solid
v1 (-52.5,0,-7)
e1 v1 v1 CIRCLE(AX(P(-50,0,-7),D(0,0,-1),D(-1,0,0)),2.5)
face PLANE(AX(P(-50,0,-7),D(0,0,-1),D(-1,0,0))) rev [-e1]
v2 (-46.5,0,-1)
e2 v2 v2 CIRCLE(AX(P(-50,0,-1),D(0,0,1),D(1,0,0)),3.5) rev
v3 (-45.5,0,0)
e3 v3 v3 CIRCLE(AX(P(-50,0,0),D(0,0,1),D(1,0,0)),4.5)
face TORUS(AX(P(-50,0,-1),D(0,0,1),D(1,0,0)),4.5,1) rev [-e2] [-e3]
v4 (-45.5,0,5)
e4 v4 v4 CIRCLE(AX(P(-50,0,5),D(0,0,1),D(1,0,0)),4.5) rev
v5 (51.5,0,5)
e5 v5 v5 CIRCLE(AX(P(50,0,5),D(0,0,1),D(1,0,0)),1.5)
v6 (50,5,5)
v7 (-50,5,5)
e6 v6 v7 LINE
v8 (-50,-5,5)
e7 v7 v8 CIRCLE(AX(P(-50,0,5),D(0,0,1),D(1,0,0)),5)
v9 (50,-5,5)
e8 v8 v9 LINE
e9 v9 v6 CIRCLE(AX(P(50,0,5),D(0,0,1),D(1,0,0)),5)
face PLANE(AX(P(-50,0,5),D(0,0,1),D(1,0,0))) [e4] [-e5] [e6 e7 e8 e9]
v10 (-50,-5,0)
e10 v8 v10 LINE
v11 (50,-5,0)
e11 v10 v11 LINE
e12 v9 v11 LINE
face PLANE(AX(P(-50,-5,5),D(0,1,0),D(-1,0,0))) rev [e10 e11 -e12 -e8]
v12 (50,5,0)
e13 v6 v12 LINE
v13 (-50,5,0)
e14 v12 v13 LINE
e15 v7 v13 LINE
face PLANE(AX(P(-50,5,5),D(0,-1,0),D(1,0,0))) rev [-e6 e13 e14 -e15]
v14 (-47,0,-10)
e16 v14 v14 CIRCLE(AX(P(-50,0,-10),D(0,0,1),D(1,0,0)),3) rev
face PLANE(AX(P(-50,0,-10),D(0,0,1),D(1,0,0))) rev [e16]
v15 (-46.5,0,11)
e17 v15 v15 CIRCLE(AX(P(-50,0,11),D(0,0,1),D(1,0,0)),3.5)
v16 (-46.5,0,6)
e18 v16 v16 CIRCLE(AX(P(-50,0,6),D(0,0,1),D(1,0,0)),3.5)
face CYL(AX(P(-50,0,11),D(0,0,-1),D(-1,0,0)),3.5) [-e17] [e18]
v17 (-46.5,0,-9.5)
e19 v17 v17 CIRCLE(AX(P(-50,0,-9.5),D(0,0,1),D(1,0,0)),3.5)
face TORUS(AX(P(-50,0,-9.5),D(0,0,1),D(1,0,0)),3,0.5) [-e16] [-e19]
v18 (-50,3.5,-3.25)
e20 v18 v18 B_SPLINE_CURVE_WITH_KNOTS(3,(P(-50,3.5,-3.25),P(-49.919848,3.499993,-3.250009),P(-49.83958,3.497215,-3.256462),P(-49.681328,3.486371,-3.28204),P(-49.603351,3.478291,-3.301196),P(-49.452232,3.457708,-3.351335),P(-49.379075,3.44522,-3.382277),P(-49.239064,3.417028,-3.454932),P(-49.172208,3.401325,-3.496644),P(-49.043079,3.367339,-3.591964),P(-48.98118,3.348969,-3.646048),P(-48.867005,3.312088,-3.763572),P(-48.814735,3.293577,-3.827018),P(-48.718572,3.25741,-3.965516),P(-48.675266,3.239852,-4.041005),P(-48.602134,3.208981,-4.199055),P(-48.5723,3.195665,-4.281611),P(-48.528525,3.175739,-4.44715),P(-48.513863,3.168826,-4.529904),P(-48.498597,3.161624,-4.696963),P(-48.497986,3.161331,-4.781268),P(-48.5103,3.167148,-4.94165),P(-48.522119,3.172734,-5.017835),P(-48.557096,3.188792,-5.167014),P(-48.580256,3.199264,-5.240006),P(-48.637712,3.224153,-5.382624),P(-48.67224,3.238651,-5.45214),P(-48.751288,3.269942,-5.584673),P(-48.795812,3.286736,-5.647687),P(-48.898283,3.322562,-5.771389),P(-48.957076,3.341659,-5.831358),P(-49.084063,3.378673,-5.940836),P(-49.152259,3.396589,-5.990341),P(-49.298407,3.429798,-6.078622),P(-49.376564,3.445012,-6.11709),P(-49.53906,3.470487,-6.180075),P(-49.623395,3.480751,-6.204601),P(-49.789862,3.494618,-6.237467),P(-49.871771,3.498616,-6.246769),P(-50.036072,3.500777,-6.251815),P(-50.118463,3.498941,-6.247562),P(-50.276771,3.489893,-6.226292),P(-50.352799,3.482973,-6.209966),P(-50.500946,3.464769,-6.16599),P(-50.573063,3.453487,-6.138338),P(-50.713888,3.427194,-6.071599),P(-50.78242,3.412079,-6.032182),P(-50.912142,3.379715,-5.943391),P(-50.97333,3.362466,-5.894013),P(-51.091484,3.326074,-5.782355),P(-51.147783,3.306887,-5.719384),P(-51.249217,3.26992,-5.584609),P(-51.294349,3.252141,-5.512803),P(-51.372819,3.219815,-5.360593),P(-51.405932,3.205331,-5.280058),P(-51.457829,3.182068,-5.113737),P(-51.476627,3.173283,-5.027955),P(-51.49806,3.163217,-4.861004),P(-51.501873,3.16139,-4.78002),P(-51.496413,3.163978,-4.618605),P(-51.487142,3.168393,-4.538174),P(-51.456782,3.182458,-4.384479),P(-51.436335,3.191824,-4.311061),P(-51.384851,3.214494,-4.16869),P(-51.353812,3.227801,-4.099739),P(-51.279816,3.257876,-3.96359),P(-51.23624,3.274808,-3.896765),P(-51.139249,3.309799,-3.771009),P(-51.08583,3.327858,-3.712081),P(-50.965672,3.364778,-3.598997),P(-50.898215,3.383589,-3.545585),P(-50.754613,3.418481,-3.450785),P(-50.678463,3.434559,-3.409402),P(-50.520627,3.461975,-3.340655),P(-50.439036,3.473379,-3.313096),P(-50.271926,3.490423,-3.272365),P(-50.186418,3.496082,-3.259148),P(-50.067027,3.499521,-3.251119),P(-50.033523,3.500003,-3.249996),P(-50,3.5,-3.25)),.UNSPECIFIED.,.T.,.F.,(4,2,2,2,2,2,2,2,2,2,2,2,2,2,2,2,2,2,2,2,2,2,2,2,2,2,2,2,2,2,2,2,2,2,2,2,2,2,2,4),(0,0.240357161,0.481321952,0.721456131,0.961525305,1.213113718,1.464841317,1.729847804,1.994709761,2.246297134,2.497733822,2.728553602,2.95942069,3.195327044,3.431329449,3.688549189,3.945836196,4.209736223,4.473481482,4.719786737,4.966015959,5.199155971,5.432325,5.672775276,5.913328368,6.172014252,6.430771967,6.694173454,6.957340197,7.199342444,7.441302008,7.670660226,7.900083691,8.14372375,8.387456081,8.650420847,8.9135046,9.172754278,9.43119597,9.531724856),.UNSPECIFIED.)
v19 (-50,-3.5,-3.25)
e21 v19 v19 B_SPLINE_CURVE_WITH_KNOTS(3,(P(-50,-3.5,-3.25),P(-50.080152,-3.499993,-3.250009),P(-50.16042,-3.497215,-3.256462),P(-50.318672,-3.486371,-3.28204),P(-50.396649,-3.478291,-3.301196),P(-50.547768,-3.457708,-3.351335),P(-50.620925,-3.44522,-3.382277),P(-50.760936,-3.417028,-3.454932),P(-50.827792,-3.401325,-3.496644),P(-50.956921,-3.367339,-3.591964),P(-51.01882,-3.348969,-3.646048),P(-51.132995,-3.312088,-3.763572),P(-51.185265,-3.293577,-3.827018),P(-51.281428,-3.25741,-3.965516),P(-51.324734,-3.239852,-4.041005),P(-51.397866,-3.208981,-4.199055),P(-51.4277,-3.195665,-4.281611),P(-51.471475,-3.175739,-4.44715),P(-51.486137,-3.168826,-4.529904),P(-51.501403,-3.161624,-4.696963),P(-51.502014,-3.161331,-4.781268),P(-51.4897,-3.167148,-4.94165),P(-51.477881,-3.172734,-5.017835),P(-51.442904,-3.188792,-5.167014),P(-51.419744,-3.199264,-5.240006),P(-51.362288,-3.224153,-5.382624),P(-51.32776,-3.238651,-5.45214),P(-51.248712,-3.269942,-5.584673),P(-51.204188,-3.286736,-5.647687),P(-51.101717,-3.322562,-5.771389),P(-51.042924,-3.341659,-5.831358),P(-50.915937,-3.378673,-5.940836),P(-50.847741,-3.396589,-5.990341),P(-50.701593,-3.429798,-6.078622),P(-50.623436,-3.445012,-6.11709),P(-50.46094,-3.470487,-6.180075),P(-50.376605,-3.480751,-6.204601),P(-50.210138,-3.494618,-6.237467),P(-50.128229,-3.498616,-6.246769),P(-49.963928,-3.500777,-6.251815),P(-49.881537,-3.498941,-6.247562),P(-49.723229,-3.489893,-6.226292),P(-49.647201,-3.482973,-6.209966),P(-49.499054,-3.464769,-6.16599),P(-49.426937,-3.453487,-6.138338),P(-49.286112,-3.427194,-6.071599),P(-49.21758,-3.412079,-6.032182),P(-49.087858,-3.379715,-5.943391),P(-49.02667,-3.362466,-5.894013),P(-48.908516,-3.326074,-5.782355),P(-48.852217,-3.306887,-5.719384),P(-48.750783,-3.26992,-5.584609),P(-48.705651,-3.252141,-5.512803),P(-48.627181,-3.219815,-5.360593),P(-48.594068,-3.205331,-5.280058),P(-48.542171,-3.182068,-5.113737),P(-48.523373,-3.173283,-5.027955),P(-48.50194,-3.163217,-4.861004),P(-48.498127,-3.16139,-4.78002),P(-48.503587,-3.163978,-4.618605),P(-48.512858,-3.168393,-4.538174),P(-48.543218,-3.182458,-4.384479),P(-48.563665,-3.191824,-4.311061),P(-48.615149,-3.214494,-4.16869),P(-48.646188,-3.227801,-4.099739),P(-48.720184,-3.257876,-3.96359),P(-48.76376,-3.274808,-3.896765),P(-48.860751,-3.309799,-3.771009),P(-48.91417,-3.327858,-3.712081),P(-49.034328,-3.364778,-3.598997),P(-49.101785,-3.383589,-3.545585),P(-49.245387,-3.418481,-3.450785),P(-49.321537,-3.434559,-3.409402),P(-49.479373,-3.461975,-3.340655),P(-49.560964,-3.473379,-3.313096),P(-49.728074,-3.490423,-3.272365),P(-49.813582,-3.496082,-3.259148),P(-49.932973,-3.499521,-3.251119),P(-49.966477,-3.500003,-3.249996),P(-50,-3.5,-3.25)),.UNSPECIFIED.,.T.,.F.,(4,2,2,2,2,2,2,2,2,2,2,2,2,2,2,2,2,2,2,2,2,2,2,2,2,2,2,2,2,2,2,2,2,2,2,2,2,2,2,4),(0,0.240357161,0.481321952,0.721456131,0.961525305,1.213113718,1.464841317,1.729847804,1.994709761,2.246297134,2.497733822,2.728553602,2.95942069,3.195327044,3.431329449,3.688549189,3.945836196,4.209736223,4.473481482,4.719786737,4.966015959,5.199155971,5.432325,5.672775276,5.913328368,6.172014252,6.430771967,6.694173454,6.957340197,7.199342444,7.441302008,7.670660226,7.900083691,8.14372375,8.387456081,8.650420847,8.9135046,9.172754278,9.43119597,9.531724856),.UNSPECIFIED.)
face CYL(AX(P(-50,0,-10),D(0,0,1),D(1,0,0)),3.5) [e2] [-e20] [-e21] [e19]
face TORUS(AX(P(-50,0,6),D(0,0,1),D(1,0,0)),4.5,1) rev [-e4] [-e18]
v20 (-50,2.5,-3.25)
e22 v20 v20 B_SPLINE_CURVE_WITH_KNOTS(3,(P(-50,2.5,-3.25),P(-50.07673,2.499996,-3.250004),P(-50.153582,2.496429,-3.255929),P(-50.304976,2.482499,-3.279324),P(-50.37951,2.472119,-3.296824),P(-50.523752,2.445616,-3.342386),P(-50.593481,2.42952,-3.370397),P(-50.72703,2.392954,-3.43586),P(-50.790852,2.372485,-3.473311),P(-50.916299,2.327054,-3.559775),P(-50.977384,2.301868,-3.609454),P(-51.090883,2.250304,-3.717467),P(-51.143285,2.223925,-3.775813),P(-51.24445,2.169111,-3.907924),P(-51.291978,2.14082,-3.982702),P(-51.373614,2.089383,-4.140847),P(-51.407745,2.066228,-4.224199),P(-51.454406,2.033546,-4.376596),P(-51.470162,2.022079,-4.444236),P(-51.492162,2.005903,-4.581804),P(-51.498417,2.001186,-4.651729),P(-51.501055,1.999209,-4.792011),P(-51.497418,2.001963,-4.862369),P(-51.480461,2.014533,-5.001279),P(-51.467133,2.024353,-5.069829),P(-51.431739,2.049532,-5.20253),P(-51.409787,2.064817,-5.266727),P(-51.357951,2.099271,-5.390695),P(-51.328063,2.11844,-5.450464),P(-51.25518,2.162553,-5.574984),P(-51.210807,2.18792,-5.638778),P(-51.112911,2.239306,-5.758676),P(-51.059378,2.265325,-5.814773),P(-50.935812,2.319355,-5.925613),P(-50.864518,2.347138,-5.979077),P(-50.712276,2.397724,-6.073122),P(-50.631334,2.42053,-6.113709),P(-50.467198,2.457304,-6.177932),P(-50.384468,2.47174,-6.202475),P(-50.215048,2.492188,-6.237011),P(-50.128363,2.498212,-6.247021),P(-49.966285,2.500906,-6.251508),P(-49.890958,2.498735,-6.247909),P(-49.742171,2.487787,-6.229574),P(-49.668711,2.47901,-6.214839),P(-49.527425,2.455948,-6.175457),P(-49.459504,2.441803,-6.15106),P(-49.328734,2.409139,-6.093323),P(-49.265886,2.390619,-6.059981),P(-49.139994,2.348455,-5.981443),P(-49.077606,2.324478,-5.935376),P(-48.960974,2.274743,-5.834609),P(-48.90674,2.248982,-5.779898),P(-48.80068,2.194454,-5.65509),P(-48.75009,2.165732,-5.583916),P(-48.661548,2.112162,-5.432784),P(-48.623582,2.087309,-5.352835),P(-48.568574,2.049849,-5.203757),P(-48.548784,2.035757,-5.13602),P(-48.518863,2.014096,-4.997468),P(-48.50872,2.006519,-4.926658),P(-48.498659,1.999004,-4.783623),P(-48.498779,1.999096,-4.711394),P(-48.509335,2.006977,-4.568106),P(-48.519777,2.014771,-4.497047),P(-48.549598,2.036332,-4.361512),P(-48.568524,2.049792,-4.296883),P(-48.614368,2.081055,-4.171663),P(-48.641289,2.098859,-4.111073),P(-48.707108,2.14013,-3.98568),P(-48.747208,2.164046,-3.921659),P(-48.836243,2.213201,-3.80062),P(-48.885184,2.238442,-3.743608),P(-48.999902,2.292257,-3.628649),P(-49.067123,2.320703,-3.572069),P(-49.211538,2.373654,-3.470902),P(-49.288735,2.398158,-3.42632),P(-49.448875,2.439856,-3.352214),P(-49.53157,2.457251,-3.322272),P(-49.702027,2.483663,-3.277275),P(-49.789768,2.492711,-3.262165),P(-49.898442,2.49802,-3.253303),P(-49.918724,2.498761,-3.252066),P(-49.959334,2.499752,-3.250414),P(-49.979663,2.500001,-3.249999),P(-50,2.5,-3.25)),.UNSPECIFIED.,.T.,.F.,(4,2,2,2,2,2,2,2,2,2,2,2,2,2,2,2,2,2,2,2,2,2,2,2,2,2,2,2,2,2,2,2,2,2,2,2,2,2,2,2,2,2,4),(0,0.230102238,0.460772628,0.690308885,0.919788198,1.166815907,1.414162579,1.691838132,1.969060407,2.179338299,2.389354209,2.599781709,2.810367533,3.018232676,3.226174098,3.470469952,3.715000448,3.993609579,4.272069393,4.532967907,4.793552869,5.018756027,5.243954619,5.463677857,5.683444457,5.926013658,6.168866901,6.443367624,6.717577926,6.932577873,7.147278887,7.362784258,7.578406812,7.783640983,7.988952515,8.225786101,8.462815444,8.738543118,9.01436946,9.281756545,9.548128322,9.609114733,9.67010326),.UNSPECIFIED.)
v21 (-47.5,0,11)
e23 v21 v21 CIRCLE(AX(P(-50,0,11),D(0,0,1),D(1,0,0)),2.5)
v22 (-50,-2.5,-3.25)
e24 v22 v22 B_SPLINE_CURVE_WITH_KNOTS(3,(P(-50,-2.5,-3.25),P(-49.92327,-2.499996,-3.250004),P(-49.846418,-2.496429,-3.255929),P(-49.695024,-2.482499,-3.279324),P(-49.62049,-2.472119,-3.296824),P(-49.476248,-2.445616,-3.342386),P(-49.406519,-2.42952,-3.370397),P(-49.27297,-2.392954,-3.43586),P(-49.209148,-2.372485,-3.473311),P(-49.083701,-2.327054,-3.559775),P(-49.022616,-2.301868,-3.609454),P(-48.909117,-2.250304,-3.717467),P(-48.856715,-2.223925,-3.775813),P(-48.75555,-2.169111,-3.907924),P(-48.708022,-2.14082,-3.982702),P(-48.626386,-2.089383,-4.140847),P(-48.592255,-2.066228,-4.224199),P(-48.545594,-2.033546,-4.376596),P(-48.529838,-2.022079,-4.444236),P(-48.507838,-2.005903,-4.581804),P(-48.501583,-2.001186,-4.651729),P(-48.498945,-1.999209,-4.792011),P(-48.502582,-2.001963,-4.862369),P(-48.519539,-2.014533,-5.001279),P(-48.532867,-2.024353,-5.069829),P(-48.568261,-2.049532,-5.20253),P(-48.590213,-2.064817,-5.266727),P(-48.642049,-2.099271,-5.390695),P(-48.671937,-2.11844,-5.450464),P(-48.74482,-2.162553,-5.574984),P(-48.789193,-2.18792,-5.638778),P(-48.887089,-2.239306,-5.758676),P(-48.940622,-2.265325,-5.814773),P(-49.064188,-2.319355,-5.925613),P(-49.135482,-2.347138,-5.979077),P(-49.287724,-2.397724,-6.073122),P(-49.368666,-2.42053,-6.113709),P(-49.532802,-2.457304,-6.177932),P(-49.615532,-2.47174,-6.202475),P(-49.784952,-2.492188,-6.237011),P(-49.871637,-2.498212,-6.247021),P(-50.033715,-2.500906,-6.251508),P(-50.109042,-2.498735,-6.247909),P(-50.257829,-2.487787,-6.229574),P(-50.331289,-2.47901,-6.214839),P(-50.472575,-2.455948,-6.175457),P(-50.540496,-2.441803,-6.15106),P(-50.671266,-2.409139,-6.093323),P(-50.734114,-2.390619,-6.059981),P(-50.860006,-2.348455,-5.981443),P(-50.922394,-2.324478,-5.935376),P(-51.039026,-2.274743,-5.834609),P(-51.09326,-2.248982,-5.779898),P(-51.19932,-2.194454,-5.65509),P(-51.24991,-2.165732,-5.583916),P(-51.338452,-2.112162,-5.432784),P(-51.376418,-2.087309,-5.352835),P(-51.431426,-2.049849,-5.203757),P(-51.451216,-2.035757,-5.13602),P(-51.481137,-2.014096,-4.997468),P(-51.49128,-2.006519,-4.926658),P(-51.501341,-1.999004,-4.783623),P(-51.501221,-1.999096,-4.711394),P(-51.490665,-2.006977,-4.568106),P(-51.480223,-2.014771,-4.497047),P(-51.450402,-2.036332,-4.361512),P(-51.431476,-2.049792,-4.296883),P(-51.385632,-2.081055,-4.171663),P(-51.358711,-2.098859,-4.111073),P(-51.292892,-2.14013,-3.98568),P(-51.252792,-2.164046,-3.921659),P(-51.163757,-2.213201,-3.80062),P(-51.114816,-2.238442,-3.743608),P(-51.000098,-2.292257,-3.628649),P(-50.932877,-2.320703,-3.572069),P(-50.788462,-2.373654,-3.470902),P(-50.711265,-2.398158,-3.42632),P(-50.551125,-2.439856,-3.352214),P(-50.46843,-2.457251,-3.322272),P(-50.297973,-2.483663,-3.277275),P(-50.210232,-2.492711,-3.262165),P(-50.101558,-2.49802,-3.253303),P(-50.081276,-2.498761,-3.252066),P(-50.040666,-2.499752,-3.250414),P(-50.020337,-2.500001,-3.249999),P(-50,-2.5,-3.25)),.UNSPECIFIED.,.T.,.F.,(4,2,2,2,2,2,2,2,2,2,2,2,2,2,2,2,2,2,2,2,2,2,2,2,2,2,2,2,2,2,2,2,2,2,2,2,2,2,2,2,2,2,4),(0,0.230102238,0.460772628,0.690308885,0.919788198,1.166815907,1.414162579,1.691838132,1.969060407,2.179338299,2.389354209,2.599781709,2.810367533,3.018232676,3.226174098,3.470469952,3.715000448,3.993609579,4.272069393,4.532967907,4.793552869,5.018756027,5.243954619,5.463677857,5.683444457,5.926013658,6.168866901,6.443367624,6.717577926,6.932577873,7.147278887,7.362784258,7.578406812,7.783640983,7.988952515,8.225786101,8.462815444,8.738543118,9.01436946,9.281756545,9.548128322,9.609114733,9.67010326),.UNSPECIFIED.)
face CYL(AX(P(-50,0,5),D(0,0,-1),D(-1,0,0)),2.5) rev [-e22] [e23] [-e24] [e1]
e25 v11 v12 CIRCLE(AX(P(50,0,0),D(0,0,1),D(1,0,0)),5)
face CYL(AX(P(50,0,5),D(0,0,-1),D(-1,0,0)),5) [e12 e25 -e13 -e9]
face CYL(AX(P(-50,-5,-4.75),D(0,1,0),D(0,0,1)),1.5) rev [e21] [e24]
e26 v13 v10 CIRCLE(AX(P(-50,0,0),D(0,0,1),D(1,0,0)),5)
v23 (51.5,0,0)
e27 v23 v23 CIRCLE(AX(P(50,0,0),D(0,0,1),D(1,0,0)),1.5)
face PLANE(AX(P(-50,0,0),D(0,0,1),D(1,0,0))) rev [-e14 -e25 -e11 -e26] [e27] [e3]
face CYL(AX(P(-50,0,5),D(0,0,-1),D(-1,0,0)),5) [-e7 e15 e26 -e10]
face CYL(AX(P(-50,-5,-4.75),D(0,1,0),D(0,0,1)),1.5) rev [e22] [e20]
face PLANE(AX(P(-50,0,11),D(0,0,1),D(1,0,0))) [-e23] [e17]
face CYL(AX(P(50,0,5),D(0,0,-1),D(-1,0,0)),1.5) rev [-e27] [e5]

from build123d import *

# Parameters (mm, degrees)
ESQUISSE1_R                  = 2.5
ESQUISSE1_R_2                = 1.5
BOSS_EXTRU_1_DEPTH           = 5
BOSS_EXTRU_2_START           = -15
ESQUISSE2_R                  = 3.5
ESQUISSE2_R_2                = 2.5
BOSS_EXTRU_2_DEPTH           = 10
ESQUISSE3_R                  = 3.5
BOSS_EXTRU_3_DEPTH           = 3
CONG_1_R                     = 0.5
ENL_V_MAT_EXTRU_1_DEPTH      = 57.124860802
ENL_V_MAT_EXTRU_1_DEPTH_BACK = 57.124860802
ESQUISSE4_R                  = 1.5
ESQUISSE5_R                  = 3.5
ESQUISSE5_R_2                = 2.5
BOSS_EXTRU_4_DEPTH           = 6
CONG_2_R                     = 1
CONG_3_R                     = 1


with BuildPart() as part:
    # Esquisse1 → Boss.-Extru.1 (new body)
    with BuildSketch(Plane.XY):
        with BuildLine():
            Line((-50, 5), (50, 5))
            ThreePointArc((50, 5), (55, 0), (50, -5))
            Line((50, -5), (-50, -5))
            ThreePointArc((-50, -5), (-55, 0), (-50, 5))
        make_face()
        with Locations((-50, 0)):
            Circle(ESQUISSE1_R, mode=Mode.SUBTRACT)
        with Locations((50, 0)):
            Circle(ESQUISSE1_R_2, mode=Mode.SUBTRACT)
    extrude(amount=BOSS_EXTRU_1_DEPTH)

    # Esquisse2 → Boss.-Extru.2 (add)
    with BuildSketch(Plane.XY.offset(5).offset(BOSS_EXTRU_2_START)):
        with Locations((-50, 0)):
            Circle(ESQUISSE2_R)
        with Locations((-50, 0)):
            Circle(ESQUISSE2_R_2, mode=Mode.SUBTRACT)
    extrude(amount=BOSS_EXTRU_2_DEPTH)

    # Esquisse3 → Boss.-Extru.3 (add)
    with BuildSketch(Plane(origin=(0, 0, -10), x_dir=(-1, 0, 0), z_dir=(0, 0, -1))):
        with Locations(Location((50, 0, 0), (0, 0, 180))):
            Circle(ESQUISSE3_R)
    extrude(amount=-BOSS_EXTRU_3_DEPTH)

    # Congé1
    cong_1_edges = [part.edges().sort_by_distance(p)[0] for p in [
        (-53.5, 0, -10),
    ]]
    fillet(cong_1_edges, radius=CONG_1_R)

    # Esquisse4 → Enlèv. mat.-Extru.1 (cut, two sides: drawn at the far end of the back side and taken through both)
    with BuildSketch(Plane(origin=(0, 0, 0), x_dir=(1, 0, 0), z_dir=(0, 1, 0)).offset(-ENL_V_MAT_EXTRU_1_DEPTH_BACK)):
        with Locations(Location((-50, 4.75, 0), (0, 0, 270))):
            Circle(ESQUISSE4_R)
    extrude(amount=ENL_V_MAT_EXTRU_1_DEPTH + ENL_V_MAT_EXTRU_1_DEPTH_BACK, mode=Mode.SUBTRACT)

    # Esquisse5 → Boss.-Extru.4 (add)
    with BuildSketch(Plane.XY.offset(5)):
        with Locations((-50, 0)):
            Circle(ESQUISSE5_R)
        with Locations(Location((-50, 0, 0), (0, 0, 180))):
            Circle(ESQUISSE5_R_2, mode=Mode.SUBTRACT)
    extrude(amount=BOSS_EXTRU_4_DEPTH)

    # Congé2
    cong_2_edges = [part.edges().sort_by_distance(p)[0] for p in [
        (-53.5, 0, 5),
    ]]
    fillet(cong_2_edges, radius=CONG_2_R)

    # Congé3
    cong_3_edges = [part.edges().sort_by_distance(p)[0] for p in [
        (-53.5, 0, 0),
    ]]
    fillet(cong_3_edges, radius=CONG_3_R)


solid = part.part
